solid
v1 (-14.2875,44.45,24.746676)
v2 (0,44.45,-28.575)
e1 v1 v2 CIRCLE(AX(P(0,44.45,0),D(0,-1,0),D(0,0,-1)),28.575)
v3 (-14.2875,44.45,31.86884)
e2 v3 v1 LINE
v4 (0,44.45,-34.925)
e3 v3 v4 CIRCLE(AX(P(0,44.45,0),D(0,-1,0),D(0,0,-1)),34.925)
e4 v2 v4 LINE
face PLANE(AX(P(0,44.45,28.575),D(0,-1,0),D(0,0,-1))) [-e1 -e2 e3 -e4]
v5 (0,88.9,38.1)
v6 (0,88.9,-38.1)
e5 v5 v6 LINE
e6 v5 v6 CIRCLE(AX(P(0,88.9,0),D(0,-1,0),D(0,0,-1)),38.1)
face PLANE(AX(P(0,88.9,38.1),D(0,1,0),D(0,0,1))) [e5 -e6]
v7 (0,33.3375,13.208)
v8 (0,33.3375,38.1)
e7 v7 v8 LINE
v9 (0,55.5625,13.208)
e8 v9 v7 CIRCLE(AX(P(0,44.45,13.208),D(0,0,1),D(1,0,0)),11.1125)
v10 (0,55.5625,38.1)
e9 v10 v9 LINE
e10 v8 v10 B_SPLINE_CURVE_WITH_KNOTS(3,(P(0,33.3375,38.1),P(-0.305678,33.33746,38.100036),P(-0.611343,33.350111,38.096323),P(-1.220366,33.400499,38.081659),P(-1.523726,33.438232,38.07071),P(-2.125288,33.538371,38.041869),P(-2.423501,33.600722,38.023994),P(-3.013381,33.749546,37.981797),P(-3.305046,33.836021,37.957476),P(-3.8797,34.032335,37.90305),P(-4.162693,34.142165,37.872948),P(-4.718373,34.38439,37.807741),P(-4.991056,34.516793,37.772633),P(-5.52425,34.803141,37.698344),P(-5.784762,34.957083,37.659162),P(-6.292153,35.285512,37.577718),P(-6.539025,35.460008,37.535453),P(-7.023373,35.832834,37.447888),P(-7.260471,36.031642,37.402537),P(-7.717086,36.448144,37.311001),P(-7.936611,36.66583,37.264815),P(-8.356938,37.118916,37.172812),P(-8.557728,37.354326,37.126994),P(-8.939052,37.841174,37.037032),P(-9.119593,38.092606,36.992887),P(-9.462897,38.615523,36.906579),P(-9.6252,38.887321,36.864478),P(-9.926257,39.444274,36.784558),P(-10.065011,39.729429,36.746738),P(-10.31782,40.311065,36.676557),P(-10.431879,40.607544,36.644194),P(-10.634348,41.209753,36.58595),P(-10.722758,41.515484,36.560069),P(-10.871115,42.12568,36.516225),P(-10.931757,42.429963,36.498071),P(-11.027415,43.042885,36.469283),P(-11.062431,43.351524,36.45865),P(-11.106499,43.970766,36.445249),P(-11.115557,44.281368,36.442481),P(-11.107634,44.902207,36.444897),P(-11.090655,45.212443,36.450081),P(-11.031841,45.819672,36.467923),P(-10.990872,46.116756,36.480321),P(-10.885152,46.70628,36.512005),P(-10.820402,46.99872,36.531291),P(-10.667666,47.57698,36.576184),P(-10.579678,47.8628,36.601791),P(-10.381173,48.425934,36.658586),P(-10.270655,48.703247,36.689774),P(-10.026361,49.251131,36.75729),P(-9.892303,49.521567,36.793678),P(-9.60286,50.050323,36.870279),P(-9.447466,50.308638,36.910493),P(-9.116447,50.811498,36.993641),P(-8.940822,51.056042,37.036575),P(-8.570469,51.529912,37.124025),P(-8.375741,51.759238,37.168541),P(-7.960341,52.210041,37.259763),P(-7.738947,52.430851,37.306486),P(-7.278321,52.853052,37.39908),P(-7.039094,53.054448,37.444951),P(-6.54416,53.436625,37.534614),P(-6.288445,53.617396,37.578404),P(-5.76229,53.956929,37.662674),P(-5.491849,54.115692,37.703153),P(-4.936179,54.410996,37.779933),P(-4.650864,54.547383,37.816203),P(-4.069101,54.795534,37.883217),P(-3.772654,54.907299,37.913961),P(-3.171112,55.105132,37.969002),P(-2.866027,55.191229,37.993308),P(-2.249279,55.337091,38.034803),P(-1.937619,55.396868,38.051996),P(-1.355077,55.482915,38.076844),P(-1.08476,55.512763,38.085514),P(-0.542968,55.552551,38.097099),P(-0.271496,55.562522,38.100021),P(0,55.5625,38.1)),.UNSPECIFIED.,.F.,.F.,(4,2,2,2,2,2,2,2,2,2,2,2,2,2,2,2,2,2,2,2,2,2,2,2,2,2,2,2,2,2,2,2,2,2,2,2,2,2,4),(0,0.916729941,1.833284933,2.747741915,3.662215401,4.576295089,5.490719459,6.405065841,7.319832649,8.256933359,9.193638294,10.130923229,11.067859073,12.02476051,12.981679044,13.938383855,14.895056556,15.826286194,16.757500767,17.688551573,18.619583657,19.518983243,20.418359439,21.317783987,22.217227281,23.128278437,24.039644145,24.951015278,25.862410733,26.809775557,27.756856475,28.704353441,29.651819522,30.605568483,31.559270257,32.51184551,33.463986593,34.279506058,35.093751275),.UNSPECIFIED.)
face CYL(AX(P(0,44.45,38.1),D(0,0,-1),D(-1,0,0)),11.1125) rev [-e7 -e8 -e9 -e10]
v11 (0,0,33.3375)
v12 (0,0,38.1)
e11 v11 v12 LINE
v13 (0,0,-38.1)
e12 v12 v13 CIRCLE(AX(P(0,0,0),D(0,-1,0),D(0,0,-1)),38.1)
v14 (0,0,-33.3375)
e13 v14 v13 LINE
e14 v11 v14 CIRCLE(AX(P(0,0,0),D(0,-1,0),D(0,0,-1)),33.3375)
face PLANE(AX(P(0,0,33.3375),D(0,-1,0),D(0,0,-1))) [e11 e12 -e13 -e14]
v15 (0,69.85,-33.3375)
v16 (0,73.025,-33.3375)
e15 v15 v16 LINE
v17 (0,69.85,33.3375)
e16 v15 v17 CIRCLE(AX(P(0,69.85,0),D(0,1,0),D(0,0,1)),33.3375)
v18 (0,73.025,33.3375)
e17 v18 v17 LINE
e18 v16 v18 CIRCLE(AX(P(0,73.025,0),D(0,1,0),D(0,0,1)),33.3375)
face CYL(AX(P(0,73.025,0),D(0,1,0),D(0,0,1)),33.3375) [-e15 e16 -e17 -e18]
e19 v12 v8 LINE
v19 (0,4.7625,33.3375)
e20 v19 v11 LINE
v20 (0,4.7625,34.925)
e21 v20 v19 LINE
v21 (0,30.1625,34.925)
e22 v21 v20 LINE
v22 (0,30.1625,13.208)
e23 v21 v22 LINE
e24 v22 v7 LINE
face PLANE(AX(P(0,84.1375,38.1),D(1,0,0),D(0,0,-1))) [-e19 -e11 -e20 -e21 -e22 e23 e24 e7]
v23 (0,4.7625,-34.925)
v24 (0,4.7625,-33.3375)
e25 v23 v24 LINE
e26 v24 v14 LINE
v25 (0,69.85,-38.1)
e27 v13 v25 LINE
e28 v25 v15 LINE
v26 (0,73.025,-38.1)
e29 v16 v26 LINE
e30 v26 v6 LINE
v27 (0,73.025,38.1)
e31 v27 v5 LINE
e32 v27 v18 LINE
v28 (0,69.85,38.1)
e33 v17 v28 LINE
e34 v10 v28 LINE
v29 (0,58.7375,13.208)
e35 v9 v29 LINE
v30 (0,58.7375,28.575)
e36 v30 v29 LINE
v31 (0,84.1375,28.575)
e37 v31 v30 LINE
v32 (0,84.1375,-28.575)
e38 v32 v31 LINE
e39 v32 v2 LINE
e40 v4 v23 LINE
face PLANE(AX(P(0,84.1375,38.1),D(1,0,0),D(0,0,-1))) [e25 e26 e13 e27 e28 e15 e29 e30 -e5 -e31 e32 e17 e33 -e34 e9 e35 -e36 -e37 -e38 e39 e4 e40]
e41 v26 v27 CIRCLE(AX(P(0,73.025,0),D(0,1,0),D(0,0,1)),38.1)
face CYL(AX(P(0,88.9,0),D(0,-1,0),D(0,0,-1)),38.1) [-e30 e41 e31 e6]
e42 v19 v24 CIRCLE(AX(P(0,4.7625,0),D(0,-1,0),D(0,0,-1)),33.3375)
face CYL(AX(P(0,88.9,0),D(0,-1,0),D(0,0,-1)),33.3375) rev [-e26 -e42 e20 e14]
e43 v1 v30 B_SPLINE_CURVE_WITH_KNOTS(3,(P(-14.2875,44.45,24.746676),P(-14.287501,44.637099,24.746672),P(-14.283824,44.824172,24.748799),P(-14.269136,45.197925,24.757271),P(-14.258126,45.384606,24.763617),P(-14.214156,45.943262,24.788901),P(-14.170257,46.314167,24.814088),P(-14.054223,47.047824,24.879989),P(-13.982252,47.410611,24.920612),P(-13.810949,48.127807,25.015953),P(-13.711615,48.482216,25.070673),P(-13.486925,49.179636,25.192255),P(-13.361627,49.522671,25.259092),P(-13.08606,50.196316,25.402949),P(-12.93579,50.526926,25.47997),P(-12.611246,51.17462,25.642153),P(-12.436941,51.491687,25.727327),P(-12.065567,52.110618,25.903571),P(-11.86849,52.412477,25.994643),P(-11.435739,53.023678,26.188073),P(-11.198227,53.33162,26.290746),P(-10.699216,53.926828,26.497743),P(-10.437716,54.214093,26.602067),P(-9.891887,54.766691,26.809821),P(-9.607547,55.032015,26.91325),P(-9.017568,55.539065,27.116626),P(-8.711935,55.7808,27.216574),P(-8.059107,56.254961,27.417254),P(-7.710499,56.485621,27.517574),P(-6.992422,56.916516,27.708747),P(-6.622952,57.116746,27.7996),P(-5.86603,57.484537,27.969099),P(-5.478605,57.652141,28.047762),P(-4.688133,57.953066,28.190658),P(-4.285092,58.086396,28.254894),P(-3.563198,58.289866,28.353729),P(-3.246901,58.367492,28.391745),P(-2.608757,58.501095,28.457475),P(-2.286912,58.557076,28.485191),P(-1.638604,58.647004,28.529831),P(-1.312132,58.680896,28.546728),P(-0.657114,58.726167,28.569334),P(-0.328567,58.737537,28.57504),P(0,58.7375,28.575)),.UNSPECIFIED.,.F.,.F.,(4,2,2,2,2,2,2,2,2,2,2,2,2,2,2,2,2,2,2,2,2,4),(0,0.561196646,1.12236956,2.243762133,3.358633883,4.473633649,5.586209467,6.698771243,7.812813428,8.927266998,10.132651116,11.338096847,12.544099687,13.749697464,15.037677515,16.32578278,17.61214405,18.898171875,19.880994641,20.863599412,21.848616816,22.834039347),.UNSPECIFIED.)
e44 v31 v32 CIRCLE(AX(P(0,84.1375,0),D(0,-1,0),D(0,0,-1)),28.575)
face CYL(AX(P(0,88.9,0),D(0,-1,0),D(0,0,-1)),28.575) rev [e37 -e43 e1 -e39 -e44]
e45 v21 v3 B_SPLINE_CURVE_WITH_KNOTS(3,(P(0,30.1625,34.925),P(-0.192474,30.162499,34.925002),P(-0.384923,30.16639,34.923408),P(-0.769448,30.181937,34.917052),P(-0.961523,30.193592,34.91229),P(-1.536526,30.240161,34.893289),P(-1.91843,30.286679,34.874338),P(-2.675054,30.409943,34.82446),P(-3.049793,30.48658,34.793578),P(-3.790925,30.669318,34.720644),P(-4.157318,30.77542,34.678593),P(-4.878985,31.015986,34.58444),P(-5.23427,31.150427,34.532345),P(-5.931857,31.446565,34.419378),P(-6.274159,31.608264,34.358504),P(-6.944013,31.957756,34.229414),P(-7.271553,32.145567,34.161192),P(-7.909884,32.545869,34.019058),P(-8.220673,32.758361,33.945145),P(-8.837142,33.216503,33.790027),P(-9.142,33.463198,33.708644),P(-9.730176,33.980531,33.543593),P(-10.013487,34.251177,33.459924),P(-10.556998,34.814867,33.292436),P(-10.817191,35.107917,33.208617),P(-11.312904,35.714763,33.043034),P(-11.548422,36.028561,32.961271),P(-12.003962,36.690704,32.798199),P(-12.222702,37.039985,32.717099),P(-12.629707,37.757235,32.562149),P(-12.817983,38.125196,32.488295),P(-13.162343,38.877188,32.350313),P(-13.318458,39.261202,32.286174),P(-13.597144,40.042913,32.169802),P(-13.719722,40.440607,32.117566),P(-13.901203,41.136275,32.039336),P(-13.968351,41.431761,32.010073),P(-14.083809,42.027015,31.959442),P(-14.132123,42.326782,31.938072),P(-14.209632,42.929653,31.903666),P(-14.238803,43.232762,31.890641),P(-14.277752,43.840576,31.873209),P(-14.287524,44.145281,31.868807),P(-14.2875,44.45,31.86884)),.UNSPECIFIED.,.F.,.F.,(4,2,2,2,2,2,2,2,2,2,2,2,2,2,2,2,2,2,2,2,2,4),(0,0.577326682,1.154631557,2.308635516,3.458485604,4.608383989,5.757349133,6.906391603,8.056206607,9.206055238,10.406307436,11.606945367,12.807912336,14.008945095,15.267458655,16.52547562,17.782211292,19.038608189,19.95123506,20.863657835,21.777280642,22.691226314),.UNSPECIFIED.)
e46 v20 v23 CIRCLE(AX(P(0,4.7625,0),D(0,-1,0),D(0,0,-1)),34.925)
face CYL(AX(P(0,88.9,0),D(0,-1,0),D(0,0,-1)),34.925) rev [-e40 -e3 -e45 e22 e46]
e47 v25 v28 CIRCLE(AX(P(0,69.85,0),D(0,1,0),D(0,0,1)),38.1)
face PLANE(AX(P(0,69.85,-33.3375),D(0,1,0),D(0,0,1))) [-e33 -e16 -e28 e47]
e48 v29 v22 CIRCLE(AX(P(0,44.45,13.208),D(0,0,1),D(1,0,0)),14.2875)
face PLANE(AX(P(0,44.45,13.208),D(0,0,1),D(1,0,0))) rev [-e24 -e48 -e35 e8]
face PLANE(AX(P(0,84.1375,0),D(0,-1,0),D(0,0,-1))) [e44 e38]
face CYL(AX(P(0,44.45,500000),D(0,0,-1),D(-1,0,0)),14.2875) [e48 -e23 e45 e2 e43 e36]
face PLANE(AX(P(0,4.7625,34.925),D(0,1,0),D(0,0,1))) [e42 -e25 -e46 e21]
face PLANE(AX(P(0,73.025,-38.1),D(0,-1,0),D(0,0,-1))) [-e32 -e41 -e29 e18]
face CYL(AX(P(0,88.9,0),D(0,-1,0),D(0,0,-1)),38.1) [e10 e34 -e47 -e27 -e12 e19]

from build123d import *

# Parameters (mm, degrees)
MAIN_ANGLE          = 180
CIRCULAR_BOSS_REACH = 111.487
SKETCH6_R           = 11.1125
CIRCULAR_CUT_DEPTH  = 110.4866698
SKETCH7_W           = 4.7625
SKETCH7_H           = 3.175


with BuildPart() as part:
    # Sketch1 → Main (revolve)
    with BuildSketch(Plane(origin=(0, 0, 0), x_dir=(0, 0, -1), z_dir=(1, 0, 0))):
        Polygon((38.1, 88.9), (0, 88.9), (0, 84.1375), (28.575, 84.1375), (28.575, 44.45), (34.925, 44.45), (34.925, 4.7625), (33.3375, 4.7625), (33.3375, 0), (38.1, 0), align=None)
    revolve(axis=Axis((0, 88.9, 0), (0, 1, 0)), revolution_arc=MAIN_ANGLE)

    # Sketch5 → Circular Boss (add, up to next)
    with BuildSketch(Plane.XY.offset(13.208), mode=Mode.PRIVATE) as circular_boss_sk1:
        with BuildLine():
            Line((0, 30.1625), (0, 58.7375))
            ThreePointArc((0, 58.7375), (-14.2875, 44.45), (0, 30.1625))
        make_face()
    circular_boss_tool1 = extrude(circular_boss_sk1.sketch, amount=CIRCULAR_BOSS_REACH, mode=Mode.PRIVATE) - part.part
    add(circular_boss_tool1.solids().sort_by_distance((-6.063803, 44.45, 13.208))[0])

    # Sketch6 → Circular Cut (cut, through all)
    with BuildSketch(Plane.XY.offset(13.208)):
        with Locations((0, 44.45)):
            Circle(SKETCH6_R)
    extrude(amount=CIRCULAR_CUT_DEPTH, mode=Mode.SUBTRACT)

    # Sketch7 → Cut-Revolve1 (revolve, cut)
    with BuildSketch(Plane(origin=(0, 7.447290845, 55.242674731), x_dir=(0, 0, -1), z_dir=(1, 0, 0))):
        with Locations((90.961424731, 63.990209155)):
            Rectangle(SKETCH7_W, SKETCH7_H)
    revolve(axis=Axis((0, 73.025, 0), (0, -1, 0)), mode=Mode.SUBTRACT)


solid = part.part
